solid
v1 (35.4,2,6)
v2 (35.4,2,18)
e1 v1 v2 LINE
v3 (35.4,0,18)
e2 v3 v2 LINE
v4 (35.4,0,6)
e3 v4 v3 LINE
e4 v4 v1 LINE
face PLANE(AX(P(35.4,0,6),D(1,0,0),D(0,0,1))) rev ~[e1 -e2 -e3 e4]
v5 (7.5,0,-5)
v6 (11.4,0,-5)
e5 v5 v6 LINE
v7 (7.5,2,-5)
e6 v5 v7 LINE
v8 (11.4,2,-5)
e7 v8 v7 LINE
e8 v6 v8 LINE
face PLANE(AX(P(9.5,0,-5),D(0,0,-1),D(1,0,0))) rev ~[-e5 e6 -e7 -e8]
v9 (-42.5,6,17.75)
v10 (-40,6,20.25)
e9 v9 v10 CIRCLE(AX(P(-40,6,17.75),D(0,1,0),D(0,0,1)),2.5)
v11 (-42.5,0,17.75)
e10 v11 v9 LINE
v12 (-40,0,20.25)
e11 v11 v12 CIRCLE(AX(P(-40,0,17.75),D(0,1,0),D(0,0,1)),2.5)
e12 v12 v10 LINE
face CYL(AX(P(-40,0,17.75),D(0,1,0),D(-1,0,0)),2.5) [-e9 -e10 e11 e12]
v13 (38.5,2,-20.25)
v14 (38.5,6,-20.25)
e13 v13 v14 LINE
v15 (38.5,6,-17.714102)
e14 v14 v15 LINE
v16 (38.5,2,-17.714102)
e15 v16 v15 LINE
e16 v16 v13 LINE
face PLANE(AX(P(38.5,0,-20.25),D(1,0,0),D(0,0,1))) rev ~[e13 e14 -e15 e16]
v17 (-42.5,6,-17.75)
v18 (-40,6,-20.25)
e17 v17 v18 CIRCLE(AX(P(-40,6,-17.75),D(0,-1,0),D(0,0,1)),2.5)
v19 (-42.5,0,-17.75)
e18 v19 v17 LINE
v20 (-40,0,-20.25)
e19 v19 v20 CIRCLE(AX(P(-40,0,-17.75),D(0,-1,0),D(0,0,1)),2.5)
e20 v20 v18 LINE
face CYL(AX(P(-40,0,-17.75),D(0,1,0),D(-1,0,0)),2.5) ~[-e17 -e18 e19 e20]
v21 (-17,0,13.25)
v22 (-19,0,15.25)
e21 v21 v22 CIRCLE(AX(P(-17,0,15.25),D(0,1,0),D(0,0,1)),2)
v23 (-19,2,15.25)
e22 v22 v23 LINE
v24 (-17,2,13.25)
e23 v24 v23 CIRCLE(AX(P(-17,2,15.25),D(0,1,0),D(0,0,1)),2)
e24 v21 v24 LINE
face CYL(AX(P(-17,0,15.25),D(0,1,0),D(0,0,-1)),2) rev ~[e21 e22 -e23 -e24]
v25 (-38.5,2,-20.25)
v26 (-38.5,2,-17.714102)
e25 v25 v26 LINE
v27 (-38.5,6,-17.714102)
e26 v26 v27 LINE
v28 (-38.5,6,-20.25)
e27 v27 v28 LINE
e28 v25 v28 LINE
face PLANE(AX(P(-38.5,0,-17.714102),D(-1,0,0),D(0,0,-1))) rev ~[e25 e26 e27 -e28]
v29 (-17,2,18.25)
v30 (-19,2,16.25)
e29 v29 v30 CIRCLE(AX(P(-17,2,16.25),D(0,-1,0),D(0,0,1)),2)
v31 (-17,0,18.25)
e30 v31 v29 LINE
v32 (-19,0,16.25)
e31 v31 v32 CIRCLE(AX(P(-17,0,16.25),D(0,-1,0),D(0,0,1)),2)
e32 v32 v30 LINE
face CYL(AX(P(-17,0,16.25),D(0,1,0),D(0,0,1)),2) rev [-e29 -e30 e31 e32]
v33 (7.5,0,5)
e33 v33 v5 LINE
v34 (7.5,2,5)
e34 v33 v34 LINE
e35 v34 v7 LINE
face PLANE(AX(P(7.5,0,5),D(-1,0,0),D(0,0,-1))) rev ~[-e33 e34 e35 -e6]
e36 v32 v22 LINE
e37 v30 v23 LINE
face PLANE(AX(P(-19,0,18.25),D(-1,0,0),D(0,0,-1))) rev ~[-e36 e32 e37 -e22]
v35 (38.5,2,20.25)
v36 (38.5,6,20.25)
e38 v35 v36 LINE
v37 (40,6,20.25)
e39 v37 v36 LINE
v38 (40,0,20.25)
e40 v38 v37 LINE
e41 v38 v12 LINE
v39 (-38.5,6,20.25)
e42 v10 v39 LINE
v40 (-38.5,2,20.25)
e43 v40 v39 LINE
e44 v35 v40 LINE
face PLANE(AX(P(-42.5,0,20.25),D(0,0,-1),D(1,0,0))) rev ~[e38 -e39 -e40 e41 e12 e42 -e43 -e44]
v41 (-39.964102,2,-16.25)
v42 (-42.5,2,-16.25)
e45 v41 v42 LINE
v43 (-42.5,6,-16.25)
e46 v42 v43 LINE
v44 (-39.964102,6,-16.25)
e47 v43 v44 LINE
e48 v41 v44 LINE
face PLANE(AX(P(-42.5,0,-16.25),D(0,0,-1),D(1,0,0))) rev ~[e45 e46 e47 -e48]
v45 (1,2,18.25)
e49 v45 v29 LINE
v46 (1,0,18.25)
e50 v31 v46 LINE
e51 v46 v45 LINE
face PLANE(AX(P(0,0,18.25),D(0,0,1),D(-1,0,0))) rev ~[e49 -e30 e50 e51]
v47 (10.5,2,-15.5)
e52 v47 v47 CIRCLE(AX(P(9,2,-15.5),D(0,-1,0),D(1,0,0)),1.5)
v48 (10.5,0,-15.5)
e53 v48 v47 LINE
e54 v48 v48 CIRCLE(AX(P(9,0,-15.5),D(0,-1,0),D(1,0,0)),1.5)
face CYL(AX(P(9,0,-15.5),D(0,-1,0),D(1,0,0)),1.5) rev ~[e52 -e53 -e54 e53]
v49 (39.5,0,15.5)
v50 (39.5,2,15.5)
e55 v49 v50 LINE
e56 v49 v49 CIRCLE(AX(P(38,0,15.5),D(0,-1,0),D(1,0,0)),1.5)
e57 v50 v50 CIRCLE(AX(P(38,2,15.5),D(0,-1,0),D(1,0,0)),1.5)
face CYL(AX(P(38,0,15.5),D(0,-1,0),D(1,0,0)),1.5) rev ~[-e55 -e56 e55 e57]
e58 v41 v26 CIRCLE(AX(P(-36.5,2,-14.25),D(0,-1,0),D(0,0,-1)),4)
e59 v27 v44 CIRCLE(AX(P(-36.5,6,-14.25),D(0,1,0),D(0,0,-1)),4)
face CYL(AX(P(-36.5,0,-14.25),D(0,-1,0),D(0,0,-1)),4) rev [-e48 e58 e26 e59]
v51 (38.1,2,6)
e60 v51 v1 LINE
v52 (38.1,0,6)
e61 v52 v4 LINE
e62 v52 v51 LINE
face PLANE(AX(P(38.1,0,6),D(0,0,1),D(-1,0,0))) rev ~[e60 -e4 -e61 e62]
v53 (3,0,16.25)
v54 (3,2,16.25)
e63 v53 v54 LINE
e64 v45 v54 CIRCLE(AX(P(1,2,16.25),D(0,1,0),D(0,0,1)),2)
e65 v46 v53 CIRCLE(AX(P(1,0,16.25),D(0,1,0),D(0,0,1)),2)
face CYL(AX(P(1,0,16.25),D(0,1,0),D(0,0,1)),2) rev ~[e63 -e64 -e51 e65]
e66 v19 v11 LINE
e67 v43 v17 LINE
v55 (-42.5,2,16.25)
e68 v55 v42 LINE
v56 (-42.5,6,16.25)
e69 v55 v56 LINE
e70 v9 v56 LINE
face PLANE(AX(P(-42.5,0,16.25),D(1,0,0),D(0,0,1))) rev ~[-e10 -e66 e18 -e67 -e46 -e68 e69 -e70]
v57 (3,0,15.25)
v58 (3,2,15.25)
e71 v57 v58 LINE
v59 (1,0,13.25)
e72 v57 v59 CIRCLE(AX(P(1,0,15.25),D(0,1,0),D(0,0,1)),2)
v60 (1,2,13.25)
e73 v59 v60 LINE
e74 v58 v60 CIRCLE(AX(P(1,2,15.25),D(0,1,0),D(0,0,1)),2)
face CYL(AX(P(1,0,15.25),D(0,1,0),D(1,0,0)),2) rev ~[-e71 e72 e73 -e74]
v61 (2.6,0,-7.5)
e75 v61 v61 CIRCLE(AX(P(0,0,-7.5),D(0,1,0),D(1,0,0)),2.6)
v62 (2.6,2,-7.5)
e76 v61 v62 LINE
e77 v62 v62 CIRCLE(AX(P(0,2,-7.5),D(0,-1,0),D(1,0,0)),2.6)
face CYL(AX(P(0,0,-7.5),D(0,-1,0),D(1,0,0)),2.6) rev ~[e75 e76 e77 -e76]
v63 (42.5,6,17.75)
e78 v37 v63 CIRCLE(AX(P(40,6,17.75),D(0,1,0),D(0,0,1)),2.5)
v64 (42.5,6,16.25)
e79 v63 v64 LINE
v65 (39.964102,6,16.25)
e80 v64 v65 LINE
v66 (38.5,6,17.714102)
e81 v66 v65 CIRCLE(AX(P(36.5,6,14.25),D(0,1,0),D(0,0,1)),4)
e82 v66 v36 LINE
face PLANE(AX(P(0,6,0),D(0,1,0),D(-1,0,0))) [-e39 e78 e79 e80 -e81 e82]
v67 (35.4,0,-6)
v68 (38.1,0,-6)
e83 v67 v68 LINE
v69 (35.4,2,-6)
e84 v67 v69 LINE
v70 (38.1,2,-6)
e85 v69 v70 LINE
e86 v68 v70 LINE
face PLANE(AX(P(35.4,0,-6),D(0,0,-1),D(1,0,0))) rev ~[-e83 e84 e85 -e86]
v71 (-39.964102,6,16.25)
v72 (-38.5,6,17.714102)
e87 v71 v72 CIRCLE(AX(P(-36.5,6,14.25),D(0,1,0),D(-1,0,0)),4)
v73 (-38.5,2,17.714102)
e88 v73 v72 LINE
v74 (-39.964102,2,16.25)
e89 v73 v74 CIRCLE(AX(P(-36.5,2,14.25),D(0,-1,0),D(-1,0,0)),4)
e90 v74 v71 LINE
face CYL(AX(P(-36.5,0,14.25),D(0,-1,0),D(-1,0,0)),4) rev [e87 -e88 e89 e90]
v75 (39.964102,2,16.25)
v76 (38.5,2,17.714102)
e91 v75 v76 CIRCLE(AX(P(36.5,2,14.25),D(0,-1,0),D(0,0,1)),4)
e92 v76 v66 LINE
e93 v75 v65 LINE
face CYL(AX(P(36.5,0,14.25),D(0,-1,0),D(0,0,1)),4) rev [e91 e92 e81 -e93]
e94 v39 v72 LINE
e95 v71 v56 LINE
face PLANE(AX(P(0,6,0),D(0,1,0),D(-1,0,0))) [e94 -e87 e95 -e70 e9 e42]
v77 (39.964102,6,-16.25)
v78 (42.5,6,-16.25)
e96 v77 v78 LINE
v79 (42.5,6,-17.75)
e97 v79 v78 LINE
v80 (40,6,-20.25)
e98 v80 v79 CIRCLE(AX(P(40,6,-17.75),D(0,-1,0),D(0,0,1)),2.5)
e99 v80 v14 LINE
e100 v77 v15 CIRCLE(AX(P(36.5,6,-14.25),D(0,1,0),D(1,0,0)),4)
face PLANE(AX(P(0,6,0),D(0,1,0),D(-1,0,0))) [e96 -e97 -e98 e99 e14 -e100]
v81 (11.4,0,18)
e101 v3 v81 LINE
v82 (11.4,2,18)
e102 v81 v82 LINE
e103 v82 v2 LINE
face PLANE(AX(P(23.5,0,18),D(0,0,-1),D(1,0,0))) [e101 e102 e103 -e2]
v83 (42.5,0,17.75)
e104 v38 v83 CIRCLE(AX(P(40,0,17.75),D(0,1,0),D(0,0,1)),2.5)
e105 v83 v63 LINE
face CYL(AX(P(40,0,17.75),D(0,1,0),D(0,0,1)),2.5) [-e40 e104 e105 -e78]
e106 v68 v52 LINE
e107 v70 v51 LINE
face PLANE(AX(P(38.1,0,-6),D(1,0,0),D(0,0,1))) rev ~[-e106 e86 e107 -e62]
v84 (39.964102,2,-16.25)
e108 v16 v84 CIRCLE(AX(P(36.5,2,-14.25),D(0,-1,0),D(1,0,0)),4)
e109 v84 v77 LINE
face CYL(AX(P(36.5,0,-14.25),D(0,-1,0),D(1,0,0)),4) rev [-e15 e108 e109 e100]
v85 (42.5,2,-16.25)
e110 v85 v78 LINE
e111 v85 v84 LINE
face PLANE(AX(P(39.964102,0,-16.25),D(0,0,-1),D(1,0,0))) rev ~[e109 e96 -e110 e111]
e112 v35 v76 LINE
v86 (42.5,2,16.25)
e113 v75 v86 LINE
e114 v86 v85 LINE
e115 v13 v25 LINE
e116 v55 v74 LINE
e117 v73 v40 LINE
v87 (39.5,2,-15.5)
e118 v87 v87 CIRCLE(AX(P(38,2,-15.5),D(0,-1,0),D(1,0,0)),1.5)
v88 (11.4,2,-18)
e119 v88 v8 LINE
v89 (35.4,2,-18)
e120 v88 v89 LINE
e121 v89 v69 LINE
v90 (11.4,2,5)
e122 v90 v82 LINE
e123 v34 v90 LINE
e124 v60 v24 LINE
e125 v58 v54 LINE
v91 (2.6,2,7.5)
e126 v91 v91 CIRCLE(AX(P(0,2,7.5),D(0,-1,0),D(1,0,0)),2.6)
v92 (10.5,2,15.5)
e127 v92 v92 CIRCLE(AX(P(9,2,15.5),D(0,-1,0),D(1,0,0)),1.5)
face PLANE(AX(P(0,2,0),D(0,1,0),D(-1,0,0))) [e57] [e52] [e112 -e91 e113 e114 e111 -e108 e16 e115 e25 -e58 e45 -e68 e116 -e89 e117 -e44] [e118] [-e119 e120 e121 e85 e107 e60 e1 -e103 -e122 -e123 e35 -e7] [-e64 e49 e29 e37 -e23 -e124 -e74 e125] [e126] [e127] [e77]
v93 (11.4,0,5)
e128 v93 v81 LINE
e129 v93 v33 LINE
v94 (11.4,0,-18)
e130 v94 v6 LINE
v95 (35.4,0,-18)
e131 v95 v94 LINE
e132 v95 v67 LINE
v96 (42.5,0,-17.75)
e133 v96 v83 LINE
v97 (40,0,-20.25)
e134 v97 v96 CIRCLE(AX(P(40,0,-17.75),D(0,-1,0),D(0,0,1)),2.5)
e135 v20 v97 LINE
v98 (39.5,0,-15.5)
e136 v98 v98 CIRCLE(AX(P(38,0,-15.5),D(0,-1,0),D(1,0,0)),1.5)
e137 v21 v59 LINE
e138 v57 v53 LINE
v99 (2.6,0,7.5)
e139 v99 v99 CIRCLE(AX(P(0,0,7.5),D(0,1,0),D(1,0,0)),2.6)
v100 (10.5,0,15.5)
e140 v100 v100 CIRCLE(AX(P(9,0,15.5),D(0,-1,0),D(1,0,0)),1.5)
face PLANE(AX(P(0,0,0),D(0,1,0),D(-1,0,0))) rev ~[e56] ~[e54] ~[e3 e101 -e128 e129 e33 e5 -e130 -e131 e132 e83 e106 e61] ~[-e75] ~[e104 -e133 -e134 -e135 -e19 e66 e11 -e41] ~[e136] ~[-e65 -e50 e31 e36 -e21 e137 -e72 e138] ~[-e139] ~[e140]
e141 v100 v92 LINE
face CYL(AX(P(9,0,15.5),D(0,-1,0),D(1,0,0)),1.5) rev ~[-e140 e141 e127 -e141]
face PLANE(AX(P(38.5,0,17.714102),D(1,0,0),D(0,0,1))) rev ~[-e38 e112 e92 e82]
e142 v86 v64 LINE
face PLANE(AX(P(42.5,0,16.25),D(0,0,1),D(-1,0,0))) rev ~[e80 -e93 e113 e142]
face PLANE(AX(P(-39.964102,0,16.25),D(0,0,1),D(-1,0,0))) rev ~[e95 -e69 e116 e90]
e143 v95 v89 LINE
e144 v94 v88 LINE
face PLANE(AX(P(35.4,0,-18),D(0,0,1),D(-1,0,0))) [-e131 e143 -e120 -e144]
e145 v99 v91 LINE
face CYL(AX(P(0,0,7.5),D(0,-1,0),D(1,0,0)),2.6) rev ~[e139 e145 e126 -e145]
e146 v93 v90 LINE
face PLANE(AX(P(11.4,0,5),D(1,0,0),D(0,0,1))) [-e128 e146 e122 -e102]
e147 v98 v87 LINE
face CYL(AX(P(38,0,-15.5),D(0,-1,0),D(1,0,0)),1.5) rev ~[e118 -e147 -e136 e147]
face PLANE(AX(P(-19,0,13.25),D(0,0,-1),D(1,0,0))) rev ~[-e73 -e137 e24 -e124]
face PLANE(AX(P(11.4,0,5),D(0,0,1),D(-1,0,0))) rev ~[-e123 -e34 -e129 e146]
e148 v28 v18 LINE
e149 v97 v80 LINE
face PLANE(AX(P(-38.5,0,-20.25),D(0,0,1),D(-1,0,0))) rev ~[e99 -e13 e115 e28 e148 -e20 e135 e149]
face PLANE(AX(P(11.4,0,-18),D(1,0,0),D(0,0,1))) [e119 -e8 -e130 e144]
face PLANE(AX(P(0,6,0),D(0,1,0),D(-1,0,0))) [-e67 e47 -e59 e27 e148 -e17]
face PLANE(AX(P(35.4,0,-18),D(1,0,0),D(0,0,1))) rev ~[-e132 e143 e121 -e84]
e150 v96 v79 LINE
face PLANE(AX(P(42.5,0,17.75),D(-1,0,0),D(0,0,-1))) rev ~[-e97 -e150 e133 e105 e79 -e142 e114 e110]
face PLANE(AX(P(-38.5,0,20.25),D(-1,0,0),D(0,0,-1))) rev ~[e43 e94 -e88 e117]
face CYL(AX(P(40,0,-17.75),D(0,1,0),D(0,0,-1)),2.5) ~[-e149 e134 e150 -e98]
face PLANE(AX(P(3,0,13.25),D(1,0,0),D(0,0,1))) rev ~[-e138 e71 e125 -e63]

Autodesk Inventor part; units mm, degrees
ref_plane "YZ Plane" through (0, 0, 0) normal (1, 0, 0) x (0, 1, 0)
ref_plane "XZ Plane" through (0, 0, 0) normal (0, 1, 0) x (-1, 0, 0)
ref_plane "XY Plane" through (0, 0, 0) normal (0, 0, 1) x (1, 0, 0)
sketch "草图3" plane through (0, 0, 0) normal (0, 1, 0) x (-1, 0, 0)
  line L0 (40, 20.25) -> (-40, 20.25)
  line L1 (-42.5, 17.75) -> (-42.5, -17.75)
  line L2 (-40, -20.25) -> (40, -20.25)
  line L3 (42.5, -17.75) -> (42.5, 17.75)
  line L4 (42.5, 20.25) -> (-42.5, -20.25) construction
  line L5 (-42.5, 20.25) -> (42.5, -20.25) construction
  arc A0 (42.5, 17.75) -> (40, 20.25) centre (40, 17.75) ccw
  arc A1 (-40, 20.25) -> (-42.5, 17.75) centre (-40, 17.75) ccw
  arc A2 (-42.5, -17.75) -> (-40, -20.25) centre (-40, -17.75) ccw
  arc A3 (40, -20.25) -> (42.5, -17.75) centre (40, -17.75) ccw
  circle A4 centre (40.5, 18.25) radius 1
  line L6 (42.5, 0) -> (50.0267, 0)
  circle A5 centre (40.5, -18.25) radius 1
  line L7 (0, 0) -> (0, 15.1914)
  circle A6 centre (-40.5, 18.25) radius 1
  circle A7 centre (-40.5, -18.25) radius 1
  line L8 (42.5, 20.25) -> (38.5, 20.25)
  line L9 (38.5, 20.25) -> (38.5, 16.25)
  line L10 (38.5, 16.25) -> (42.5, 16.25)
  line L11 (42.5, 16.25) -> (42.5, 20.25)
  line L12 (42.5, 20.25) -> (38.5, 16.25) construction
  line L13 (38.5, 20.25) -> (42.5, 16.25) construction
  line L14 (42.5, -16.25) -> (38.5, -16.25)
  line L15 (38.5, -16.25) -> (38.5, -20.25)
  line L16 (38.5, -20.25) -> (42.5, -20.25)
  line L17 (42.5, -20.25) -> (42.5, -16.25)
  line L18 (42.5, -16.25) -> (38.5, -20.25) construction
  line L19 (38.5, -16.25) -> (42.5, -20.25) construction
  line L20 (-38.5, 20.25) -> (-42.5, 20.25)
  line L21 (-42.5, 20.25) -> (-42.5, 16.25)
  line L22 (-42.5, 16.25) -> (-38.5, 16.25)
  line L23 (-38.5, 16.25) -> (-38.5, 20.25)
  line L24 (-38.5, 20.25) -> (-42.5, 16.25) construction
  line L25 (-42.5, 20.25) -> (-38.5, 16.25) construction
  line L26 (-38.5, -16.25) -> (-42.5, -16.25)
  line L27 (-42.5, -16.25) -> (-42.5, -20.25)
  line L28 (-42.5, -20.25) -> (-38.5, -20.25)
  line L29 (-38.5, -20.25) -> (-38.5, -16.25)
  line L30 (-38.5, -16.25) -> (-42.5, -20.25) construction
  line L31 (-42.5, -16.25) -> (-38.5, -20.25) construction
  line L32 (-36.5, 18.25) -> (36.5, 18.25)
  arc A8 (40.5, 17.75) -> (40, 18.25) centre (40, 17.75) ccw
  line L33 (40.5, 14.25) -> (40.5, -14.25)
  arc A9 (40, -18.25) -> (40.5, -17.75) centre (40, -17.75) ccw
  line L34 (36.5, -18.25) -> (-36.5, -18.25)
  arc A10 (-40.5, -17.75) -> (-40, -18.25) centre (-40, -17.75) ccw
  line L35 (-40.5, -14.25) -> (-40.5, 14.25)
  arc A11 (-40, 18.25) -> (-40.5, 17.75) centre (-40, 17.75) ccw
  arc A12 (-40.5, -14.25) -> (-36.5, -18.25) centre (-36.5, -14.25) ccw
  arc A13 (-36.5, 18.25) -> (-40.5, 14.25) centre (-36.5, 14.25) ccw
  arc A14 (40.5, 14.25) -> (36.5, 18.25) centre (36.5, 14.25) ccw
  arc A15 (36.5, -18.25) -> (40.5, -14.25) centre (36.5, -14.25) ccw
  point P0 (-38.5, -17.7141)
  point P1 (-39.9641, -16.25)
  point P2 (-39.9641, 16.25)
  point P3 (-38.5, 17.7141)
  point P4 (39.9641, -16.25)
  point P5 (38.5, -17.7141)
  point P6 (38.5, 17.7141)
  point P7 (39.9641, 16.25)
  dimension "d11" = 85
  dimension "d12" = 40.5
  dimension "d13" = 2.5
  dimension "d14" = 2
  dimension "d15" = 2
  dimension "d16" = 2
  dimension "d72" = 4
  dimension "d73" = 4
  dimension "d74" = 4
  dimension "d75" = 4
  dimension "d76" = 4
  dimension "d77" = 4
  dimension "d78" = 4
  dimension "d79" = 4
  dimension "d80" = 2
  dimension "d81" = 4
extrude "拉伸3" add sketch "草图3" along normal blind 2 contours A0 L3 L10 A14 L9 L0 | L9 A14 L32 A13 L23 L0 | L23 A13 L22 L1 A1 L0 | A14 L10 L9 | L9 L10 A14 L33 A15 L14 L15 L34 A12 L29 L26 L35 A13 L22 L23 L32 | L3 L14 A15 L33 A14 L10 | L23 L22 A13 | A13 L35 A12 L26 L1 L22 | L3 A3 L2 L15 A15 L14 | A15 L15 L14 | L26 A12 L29 L2 A2 L1 | L15 L2 L29 A12 L34 A15 | L26 L29 A12 | A4 | A5 | A6 | A7
extrude "拉伸4" add sketch "草图3" along normal blind 6 contours A0 L3 L10 A14 L9 L0 | L8 L11 A0 | L23 A13 L22 L1 A1 L0 | A1 L21 L20 | L3 A3 L2 L15 A15 L14 | L17 L16 A3 | L26 A12 L29 L2 A2 L1 | A2 L28 L27 | A4 | A5 | A6 | A7
sketch "草图4" plane through (0, 0, 0) normal (0, -1, 0) x (1, 0, 0)
  line L0 (40.5, -20.1774) -> (40.5, 20.25)
  line L1 (-38.5, 20.25) -> (38.5, 20.25) projected
  line L2 (42.5, 17.75) -> (42.5, -17.75) projected
  line L3 (38.5, -20.25) -> (-38.5, -20.25) projected
  line L4 (6.5, -20.25) -> (6.5, 20.25)
  circle A0 centre (38, -15.5) radius 1.5
  line L5 (40.5, -18) -> (25.2781, -18)
  line L6 (25.2781, -18) -> (6.5, -18)
  line L7 (6.5, 18) -> (40.5, 18)
  line L8 (23.5, 18) -> (23.5, -18)
  circle A1 centre (9, -15.5) radius 1.5
  circle A2 centre (9, 15.5) radius 1.5
  circle A3 centre (38, 15.5) radius 1.5
  line L9 (11.4, -18) -> (11.4, 18)
  line L10 (35.4, -18) -> (35.4, 18)
  line L11 (35.4, -6) -> (38.1, -6)
  line L12 (38.1, -6) -> (38.1, 6)
  line L13 (38.1, 6) -> (35.4, 6)
  line L14 (6.5, -5) -> (9.5, -5)
  line L15 (9.5, -5) -> (9.5, 5)
  line L16 (9.5, 5) -> (6.5, 5)
  line L17 (7.5, -5) -> (11.5, -5)
  line L18 (11.5, -5) -> (11.5, 5)
  line L19 (11.5, 5) -> (7.5, 5)
  line L20 (7.5, 5) -> (7.5, -5)
  line L21 (7.5, -5) -> (11.5, 5) construction
  line L22 (11.5, -5) -> (7.5, 5) construction
  point P0 (0, 0)
  point P1 (-40, 20.25)
  point P2 (40, 20.25)
  point P3 (40, -20.25)
  point P4 (-40, -20.25)
  point P5 (9.5, 0)
  point P6 (7.5, 5)
  point P7 (7.5, -5)
  dimension "d21" = 2
  dimension "d22" = 34
  dimension "d23" = 3
  dimension "d24" = 2.5
  dimension "d25" = 18
  dimension "d26" = 2.5
  dimension "d27" = 18
  dimension "d28" = 3
  dimension "d29" = 3
  dimension "d30" = 3
  dimension "d31" = 2.5
  dimension "d32" = 2.5
  dimension "d33" = 2.5
  dimension "d34" = 2.5
  dimension "d35" = 2.5
  dimension "d36" = 2.5
  dimension "d37" = 2.4
  dimension "d38" = 24
  dimension "d39" = 2.7
  dimension "d40" = 6
  dimension "d41" = 12
  dimension "d42" = 3
  dimension "d43" = 5
  dimension "d44" = 10
  dimension "d45" = 4
  dimension "d46" = 10
extrude "拉伸5" cut sketch "草图4" against normal blind 2 contours L5 L6 L8 L7 L10 | L10 L13 L12 L11 | L8 L6 L9 L17 L18 L19 L7 | L19 L18 L17 L9 | L9 L17 L15 L19 | L15 L14 L20 L16 | A0 | A1 | A2 | A3
fillet "圆角6" radius 2.5 4 edges at (-42.5, 3, -20.25) (-42.5, 3, 20.25) (42.5, 3, 20.25) (42.5, 3, -20.25)
sketch "草图6" plane through (0, 0, 0) normal (0, -1, 0) x (1, 0, 0)
  line L0 (-40, 20.25) -> (40, 20.25) projected
  line L1 (0, 20.25) -> (-19, 20.25)
  line L2 (-19, 20.25) -> (-19, 13.25)
  line L3 (-19, 13.25) -> (0, 13.25)
  line L4 (0, 13.25) -> (0, 20.25)
  line L5 (0, 13.25) -> (3, 13.25)
  line L6 (3, 13.25) -> (3, 20.25)
  line L7 (3, 20.25) -> (0, 20.25)
  line L8 (0, 20.25) -> (0, 13.25)
  line L9 (3, 20.25) -> (3, 18.25)
  line L10 (3, 18.25) -> (-19, 18.25)
  point P0 (0, 0)
  dimension "d83" = 19
  dimension "d84" = 7
  dimension "d85" = 3
  dimension "d86" = 7
  dimension "d87" = 2
extrude "拉伸7" cut sketch "草图6" against normal blind 2 contours L10 L4 L3 L2 | L10 L6 L5 L4
fillet "圆角7" radius 2 4 edges at (3, 1, 13.25) (3, 1, 18.25) (-19, 1, 13.25) (-19, 1, 18.25)
sketch "草图7" plane through (0, 0, 0) normal (0, -1, 0) x (1, 0, 0)
  circle A0 centre (0, 0) radius 7.5
  circle A1 centre (0, -7.5) radius 2.6
  circle A2 centre (0, 7.5) radius 2.6
  dimension "d91" = 5.2
  dimension "d92" = 5.2
extrude "拉伸8" cut sketch "草图7" against normal blind 2 contours A2 A0 | A0 A2 | A1 A0 | A0 A1
properties part number "盖" material "聚碳酸酯，透明"
